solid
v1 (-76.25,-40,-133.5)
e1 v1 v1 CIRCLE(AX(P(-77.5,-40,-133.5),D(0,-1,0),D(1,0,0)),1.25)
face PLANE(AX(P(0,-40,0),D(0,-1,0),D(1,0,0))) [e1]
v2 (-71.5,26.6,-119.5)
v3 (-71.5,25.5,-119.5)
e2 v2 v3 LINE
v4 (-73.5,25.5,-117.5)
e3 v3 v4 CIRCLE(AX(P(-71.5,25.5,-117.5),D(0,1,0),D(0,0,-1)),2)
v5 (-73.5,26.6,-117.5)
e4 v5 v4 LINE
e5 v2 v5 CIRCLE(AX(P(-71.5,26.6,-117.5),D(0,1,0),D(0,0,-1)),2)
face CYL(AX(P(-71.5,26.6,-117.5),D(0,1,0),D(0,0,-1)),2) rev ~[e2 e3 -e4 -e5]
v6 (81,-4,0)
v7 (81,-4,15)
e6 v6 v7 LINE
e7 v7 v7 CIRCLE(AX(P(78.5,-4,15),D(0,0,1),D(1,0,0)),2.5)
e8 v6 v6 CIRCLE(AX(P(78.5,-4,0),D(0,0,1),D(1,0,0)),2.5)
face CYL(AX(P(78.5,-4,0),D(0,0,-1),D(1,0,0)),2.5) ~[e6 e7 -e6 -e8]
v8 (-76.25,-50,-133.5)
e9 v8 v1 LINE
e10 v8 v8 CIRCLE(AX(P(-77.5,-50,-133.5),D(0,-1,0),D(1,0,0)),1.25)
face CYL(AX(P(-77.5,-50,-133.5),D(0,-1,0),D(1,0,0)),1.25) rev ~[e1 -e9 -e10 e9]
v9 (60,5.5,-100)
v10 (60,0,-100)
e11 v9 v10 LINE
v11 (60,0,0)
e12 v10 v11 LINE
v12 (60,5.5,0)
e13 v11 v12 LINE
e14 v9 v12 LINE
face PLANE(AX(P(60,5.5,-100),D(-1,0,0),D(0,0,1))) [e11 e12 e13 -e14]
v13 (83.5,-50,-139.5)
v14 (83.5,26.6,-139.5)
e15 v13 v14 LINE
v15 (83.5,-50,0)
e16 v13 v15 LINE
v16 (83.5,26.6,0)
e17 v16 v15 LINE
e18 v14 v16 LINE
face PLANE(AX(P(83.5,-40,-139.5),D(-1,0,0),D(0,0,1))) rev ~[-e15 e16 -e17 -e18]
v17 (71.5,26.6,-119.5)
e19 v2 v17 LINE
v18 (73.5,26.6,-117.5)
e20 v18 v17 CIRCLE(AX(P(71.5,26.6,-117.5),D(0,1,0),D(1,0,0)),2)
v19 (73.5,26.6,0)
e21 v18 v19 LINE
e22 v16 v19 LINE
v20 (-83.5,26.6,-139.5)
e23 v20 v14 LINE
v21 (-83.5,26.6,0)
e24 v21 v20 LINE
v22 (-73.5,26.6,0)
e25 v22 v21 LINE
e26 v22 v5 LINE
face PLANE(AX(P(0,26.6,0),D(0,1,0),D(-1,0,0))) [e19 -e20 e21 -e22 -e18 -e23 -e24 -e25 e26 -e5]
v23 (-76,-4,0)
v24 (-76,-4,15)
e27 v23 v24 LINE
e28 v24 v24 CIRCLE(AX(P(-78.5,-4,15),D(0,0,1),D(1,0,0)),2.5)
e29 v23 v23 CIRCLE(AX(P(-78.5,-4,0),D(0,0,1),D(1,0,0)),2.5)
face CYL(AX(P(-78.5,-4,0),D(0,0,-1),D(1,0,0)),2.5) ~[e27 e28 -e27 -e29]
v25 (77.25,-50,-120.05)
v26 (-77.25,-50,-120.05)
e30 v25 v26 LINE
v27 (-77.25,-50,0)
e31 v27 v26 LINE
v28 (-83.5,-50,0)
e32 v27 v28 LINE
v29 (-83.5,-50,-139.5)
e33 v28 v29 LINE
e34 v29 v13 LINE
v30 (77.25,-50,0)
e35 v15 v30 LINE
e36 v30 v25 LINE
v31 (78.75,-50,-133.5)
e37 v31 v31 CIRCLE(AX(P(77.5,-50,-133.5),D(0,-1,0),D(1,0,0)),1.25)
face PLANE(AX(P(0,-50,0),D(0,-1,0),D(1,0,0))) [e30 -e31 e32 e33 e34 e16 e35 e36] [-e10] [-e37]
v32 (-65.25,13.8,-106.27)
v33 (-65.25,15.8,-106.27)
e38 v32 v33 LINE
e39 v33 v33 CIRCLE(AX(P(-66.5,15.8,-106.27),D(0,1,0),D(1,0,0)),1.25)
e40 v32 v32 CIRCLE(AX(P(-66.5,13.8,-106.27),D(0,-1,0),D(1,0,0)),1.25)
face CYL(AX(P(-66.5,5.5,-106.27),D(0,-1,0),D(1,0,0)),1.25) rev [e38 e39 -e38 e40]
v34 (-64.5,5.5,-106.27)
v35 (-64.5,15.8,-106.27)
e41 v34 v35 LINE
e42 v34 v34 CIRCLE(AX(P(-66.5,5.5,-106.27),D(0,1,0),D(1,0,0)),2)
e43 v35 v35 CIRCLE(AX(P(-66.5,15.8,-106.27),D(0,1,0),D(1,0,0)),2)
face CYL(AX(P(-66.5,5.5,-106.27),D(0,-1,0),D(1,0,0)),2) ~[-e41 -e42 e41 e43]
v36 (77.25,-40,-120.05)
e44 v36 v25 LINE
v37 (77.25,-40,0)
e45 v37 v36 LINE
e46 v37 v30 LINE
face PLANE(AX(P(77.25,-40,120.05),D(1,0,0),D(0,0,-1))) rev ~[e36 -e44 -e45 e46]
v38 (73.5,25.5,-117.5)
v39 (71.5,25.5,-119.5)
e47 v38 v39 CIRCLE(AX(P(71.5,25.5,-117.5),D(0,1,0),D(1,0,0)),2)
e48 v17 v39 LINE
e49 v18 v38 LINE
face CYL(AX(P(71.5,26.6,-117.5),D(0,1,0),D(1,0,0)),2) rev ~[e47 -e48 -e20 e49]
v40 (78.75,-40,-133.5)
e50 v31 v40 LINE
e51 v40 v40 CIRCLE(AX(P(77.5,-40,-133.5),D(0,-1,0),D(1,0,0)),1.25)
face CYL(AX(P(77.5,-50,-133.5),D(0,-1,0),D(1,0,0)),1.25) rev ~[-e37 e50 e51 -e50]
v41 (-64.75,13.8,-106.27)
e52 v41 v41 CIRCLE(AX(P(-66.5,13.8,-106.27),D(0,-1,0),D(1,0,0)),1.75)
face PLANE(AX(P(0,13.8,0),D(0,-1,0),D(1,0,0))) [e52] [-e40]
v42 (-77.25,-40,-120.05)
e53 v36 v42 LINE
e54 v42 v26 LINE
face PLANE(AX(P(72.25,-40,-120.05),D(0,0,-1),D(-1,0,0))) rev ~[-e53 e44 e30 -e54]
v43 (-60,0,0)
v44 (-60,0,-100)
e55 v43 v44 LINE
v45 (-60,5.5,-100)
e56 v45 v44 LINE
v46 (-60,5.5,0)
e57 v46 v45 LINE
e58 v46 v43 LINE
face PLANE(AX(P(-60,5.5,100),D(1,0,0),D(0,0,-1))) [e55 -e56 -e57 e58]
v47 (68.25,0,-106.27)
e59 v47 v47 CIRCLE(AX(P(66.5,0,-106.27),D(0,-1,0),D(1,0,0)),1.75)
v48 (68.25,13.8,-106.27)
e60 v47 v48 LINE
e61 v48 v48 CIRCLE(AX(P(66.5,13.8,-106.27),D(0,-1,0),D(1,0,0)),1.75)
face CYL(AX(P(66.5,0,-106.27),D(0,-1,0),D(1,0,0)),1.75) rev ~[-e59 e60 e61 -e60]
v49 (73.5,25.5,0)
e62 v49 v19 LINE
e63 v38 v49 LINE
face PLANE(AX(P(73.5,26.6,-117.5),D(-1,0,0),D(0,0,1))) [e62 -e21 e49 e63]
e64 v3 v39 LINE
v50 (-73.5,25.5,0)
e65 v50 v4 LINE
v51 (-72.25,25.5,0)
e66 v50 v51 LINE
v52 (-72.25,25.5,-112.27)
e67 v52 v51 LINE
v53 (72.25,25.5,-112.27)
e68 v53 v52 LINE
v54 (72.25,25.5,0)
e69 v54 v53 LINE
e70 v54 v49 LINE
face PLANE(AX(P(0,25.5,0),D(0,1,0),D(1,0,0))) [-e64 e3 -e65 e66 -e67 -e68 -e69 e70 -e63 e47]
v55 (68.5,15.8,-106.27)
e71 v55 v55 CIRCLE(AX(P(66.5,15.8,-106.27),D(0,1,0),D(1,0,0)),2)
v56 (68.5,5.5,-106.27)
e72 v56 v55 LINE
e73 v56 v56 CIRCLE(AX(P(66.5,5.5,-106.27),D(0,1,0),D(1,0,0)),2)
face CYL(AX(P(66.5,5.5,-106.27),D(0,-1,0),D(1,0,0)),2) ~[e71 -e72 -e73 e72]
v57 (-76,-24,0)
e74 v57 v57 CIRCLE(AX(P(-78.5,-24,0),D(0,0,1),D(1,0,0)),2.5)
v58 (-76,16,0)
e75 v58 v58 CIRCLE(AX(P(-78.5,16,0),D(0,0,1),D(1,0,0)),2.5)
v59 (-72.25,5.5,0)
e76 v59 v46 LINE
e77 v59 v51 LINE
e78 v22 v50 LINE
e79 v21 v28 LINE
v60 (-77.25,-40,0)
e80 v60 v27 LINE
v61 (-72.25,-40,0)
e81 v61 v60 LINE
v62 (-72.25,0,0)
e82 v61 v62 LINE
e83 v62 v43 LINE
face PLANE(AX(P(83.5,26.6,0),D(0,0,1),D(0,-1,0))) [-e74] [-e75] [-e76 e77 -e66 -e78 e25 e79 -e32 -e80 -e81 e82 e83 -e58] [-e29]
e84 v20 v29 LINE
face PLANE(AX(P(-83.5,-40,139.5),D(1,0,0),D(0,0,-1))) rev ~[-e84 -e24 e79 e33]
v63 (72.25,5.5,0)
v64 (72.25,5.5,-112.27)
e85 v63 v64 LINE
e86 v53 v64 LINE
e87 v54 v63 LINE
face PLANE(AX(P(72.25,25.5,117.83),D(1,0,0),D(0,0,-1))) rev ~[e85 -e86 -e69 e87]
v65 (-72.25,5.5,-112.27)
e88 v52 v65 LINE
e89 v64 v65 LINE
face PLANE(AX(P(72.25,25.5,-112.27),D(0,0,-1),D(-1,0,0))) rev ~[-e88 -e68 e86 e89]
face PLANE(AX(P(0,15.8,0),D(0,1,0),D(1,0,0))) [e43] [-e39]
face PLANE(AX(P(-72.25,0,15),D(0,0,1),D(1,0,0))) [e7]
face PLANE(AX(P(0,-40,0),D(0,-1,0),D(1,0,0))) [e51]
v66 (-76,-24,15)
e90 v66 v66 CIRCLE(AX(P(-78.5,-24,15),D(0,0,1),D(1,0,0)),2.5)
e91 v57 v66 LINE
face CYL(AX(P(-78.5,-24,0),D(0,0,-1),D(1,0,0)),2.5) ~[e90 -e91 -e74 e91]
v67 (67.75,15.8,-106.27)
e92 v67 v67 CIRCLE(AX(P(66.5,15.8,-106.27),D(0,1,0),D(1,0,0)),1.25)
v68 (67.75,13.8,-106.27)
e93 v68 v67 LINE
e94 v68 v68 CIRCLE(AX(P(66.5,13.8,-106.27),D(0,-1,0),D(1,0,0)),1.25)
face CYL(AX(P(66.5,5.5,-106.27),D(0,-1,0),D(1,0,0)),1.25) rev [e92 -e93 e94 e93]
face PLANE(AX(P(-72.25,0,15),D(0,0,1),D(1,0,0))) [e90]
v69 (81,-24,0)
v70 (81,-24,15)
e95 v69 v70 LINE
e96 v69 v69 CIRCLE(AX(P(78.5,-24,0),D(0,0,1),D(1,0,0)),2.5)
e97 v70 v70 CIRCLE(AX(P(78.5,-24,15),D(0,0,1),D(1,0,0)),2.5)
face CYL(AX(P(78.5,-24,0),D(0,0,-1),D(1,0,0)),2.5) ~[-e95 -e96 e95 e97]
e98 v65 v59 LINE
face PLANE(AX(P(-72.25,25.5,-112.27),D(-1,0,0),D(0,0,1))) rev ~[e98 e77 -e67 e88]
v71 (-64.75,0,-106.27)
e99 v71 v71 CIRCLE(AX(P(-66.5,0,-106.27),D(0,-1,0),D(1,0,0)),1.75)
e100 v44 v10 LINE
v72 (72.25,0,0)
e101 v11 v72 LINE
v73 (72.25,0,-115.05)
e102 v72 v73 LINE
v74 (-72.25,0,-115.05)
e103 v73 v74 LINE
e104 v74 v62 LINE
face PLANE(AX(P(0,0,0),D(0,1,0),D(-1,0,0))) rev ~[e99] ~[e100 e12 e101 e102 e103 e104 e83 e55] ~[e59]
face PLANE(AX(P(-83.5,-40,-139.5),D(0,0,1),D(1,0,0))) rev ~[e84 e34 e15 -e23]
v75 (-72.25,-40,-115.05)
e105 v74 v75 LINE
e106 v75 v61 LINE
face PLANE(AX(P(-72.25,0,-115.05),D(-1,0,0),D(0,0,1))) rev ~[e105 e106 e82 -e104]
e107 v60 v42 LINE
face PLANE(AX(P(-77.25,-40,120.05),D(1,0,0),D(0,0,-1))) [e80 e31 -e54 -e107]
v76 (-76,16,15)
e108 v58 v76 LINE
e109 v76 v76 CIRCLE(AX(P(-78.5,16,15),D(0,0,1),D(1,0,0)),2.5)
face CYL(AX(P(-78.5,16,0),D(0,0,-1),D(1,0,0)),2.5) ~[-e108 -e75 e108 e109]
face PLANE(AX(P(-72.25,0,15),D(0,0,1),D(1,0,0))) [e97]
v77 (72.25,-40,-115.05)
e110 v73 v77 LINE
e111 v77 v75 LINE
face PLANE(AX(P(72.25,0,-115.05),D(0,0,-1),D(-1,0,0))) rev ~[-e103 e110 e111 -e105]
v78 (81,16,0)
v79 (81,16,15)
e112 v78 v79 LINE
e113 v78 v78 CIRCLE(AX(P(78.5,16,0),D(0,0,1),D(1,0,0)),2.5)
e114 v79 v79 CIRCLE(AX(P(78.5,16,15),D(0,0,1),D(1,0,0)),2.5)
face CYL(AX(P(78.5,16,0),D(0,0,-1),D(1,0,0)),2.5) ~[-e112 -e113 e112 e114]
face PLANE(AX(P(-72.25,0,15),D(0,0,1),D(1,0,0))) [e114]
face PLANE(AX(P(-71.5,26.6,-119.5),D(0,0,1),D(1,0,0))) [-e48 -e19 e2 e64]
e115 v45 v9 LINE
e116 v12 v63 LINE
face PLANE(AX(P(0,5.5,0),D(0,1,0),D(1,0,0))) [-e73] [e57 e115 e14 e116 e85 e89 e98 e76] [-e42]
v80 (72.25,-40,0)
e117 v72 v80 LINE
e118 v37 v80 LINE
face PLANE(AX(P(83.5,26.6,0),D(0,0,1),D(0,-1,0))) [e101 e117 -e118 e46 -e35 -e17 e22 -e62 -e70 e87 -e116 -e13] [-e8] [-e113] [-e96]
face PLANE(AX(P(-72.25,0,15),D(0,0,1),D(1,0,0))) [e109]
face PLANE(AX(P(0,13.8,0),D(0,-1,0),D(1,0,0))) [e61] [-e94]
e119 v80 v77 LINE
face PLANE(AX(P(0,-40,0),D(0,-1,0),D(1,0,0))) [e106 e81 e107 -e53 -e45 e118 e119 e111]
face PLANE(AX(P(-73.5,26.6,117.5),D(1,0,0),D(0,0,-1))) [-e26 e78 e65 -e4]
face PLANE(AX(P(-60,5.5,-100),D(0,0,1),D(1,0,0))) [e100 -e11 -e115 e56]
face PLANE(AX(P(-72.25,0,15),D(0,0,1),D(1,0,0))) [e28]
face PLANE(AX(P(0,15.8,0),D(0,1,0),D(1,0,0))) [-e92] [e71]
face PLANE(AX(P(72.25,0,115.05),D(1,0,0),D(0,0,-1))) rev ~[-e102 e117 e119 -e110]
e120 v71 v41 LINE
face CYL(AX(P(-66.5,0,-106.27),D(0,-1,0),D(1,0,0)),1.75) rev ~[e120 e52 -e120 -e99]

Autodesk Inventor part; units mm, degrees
ref_plane "YZ Plane" through (0, 0, 0) normal (1, 0, 0) x (0, 1, 0)
ref_plane "XZ Plane" through (0, 0, 0) normal (0, 1, 0) x (-1, 0, 0)
ref_plane "XY Plane" through (0, 0, 0) normal (0, 0, 1) x (1, 0, 0)
sketch "Sketch1" plane through (0, 0, 0) normal (0, 1, 0) x (-1, 0, 0)
  line L0 (-83.5, 139.5) -> (83.5, 139.5)
  line L1 (83.5, 139.5) -> (83.5, -139.5)
  line L2 (83.5, -139.5) -> (-83.5, -139.5)
  line L3 (-83.5, -139.5) -> (-83.5, 139.5)
  line L4 (-83.5, 139.5) -> (83.5, -139.5) construction
  line L5 (83.5, 139.5) -> (-83.5, -139.5) construction
  point P0 (0, 0)
  dimension "d0" = 167
  dimension "d1" = 279
extrude "Extrusion1" add sketch "Sketch1" along normal blind 26.6
sketch "Sketch2" plane through (0, 26.6, 0) normal (0, 1, 0) x (1, 0, 0)
  line L0 (71.5, -119.5) -> (-71.5, -119.5)
  line L1 (-73.5, -117.5) -> (-73.5, 117.5)
  line L2 (-71.5, 119.5) -> (71.5, 119.5)
  line L3 (73.5, 117.5) -> (73.5, -117.5)
  line L4 (73.5, -119.5) -> (-73.5, 119.5) construction
  line L5 (-73.5, -119.5) -> (73.5, 119.5) construction
  arc A0 (-73.5, -117.5) -> (-71.5, -119.5) centre (-71.5, -117.5) ccw
  arc A1 (-71.5, 119.5) -> (-73.5, 117.5) centre (-71.5, 117.5) ccw
  arc A2 (73.5, 117.5) -> (71.5, 119.5) centre (71.5, 117.5) ccw
  arc A3 (71.5, -119.5) -> (73.5, -117.5) centre (71.5, -117.5) ccw
  point P0 (0, 0)
  dimension "d4" = 147
  dimension "d5" = 239
  dimension "d6" = 2
extrude "Extrusion2" cut sketch "Sketch2" against normal blind 1.1
sketch "Sketch3" plane through (0, 25.5, 0) normal (0, 1, 0) x (1, 0, 0)
  line L0 (-73.5, -117.5) -> (-73.5, 117.5) projected
  line L1 (71.5, -119.5) -> (-71.5, -119.5) projected
  line L2 (-72.25, -117.83) -> (72.25, -117.83)
  line L3 (72.25, -117.83) -> (72.25, 112.27)
  line L4 (72.25, 112.27) -> (-72.25, 112.27)
  line L5 (-72.25, 112.27) -> (-72.25, -117.83)
  point P0 (0, 0)
  dimension "d9" = 1.25
  dimension "d10" = 1.67
  dimension "d11" = 144.5
  dimension "d12" = 230.1
extrude "Extrusion3" cut sketch "Sketch3" against normal blind 20
sketch "Sketch4" plane through (0, 5.5, 0) normal (0, 1, 0) x (1, 0, 0)
  circle A0 centre (-66.5, -111.83) radius 2
  line L0 (72.25, -117.83) -> (-72.25, -117.83) projected
  line L1 (-72.25, -117.83) -> (-72.25, 112.27) projected
  circle A1 centre (66.5, -111.83) radius 2
  line L2 (72.25, 112.27) -> (72.25, -117.83) projected
  circle A2 centre (-66.5, 106.27) radius 2
  line L3 (-72.25, 112.27) -> (72.25, 112.27) projected
  circle A3 centre (66.5, 106.27) radius 2
  point P0 (0, 0)
  dimension "d15" = 4
  dimension "d16" = 6
  dimension "d17" = 5.75
  dimension "d18" = 4
  dimension "d19" = 6
  dimension "d20" = 5.75
  dimension "d21" = 4
  dimension "d22" = 5.75
  dimension "d23" = 6
  dimension "d24" = 4
  dimension "d25" = 6
  dimension "d26" = 5.75
extrude "Extrusion4" add sketch "Sketch4" along normal blind 10.3 contours A0 | A1 | A2 | A3
sketch "Sketch5" plane through (0, 5.5, 0) normal (0, 1, 0) x (1, 0, 0)
  circle A0 centre (-66.5, -111.83) radius 2 projected
  circle A1 centre (-66.5, -111.83) radius 1.25
  circle A2 centre (-66.5, 106.27) radius 2 projected
  circle A3 centre (-66.5, 106.27) radius 1.25
  circle A4 centre (66.5, 106.27) radius 2 projected
  circle A5 centre (66.5, 106.27) radius 1.25
  circle A6 centre (66.5, -111.83) radius 1.25
  point P0 (0, 0)
  dimension "d29" = 2.5
  dimension "d30" = 2.5
  dimension "d31" = 2.5
  dimension "d32" = 2.5
extrude "Extrusion5" cut sketch "Sketch5" along normal blind 10.3 and the other way blind 5.5 contours A1 | A3 | A5 | A6
sketch "Sketch8" plane through (0, 0, 0) normal (0, -1, 0) x (1, 0, 0)
  circle A0 centre (66.5, 111.83) radius 1.25 projected
  circle A1 centre (66.5, 111.83) radius 1.75
  circle A2 centre (66.5, -106.27) radius 1.25 projected
  circle A3 centre (66.5, -106.27) radius 1.75
  circle A4 centre (-66.5, -106.27) radius 1.25 projected
  circle A5 centre (-66.5, -106.27) radius 1.75
  circle A6 centre (-66.5, 111.83) radius 1.75
  point P0 (0, 0)
  dimension "d49" = 3.5
  dimension "d50" = 3.5
  dimension "d51" = 3.5
  dimension "d52" = 3.5
extrude "Extrusion8" cut sketch "Sketch8" against normal blind 13.8
sketch "Sketch9" plane through (0, 5.5, 0) normal (0, 1, 0) x (1, 0, 0)
  line L0 (60, -100) -> (-60, -100)
  line L1 (-60, -100) -> (-60, 100)
  line L2 (-60, 100) -> (60, 100)
  line L3 (60, 100) -> (60, -100)
  line L4 (60, -100) -> (-60, 100) construction
  line L5 (-60, -100) -> (60, 100) construction
  point P0 (0, 0)
  dimension "d55" = 120
  dimension "d56" = 200
extrude "Extrusion9" cut sketch "Sketch9" against normal blind 5.8
sketch "Sketch10" plane through (0, 0, 0) normal (0, -1, 0) x (1, 0, 0)
  line L0 (83.5, 139.5) -> (83.5, -139.5) projected
  line L1 (-83.5, -139.5) -> (-83.5, 139.5) projected
  line L2 (83.5, 139.5) -> (-83.5, 139.5)
  line L3 (-83.5, 139.5) -> (-83.5, -139.5)
  line L4 (-83.5, -139.5) -> (83.5, -139.5)
  line L5 (83.5, -139.5) -> (83.5, 139.5)
  line L6 (72.25, -115.05) -> (-72.25, -115.05)
  line L7 (-72.25, -115.05) -> (-72.25, 115.05)
  line L8 (-72.25, 115.05) -> (72.25, 115.05)
  line L9 (72.25, 115.05) -> (72.25, -115.05)
  line L10 (72.25, -115.05) -> (-72.25, 115.05) construction
  line L11 (-72.25, -115.05) -> (72.25, 115.05) construction
  line L12 (-83.5, -139.5) -> (83.5, -139.5)
  line L13 (83.5, -139.5) -> (83.5, 139.5)
  line L14 (83.5, 139.5) -> (-83.5, 139.5)
  line L15 (-83.5, 139.5) -> (-83.5, -139.5)
  point P0 (0, 0)
  point P1 (71.5, 119.5)
  dimension "d67" = 144.5
  dimension "d68" = 230.1
extrude "Extrusion10" add sketch "Sketch10" along normal blind 40
sketch "Sketch12" plane through (0, -40, 0) normal (0, -1, 0) x (1, 0, 0)
  line L0 (-72.25, -115.05) -> (-72.25, 115.05) projected
  line L1 (72.25, -115.05) -> (-72.25, -115.05) projected
  line L2 (-77.25, -120.05) -> (-72.25, -120.05)
  line L3 (-72.25, -120.05) -> (-72.25, 120.05)
  line L4 (-72.25, 120.05) -> (-77.25, 120.05)
  line L5 (-77.25, 120.05) -> (-77.25, -120.05)
  line L6 (72.25, 115.05) -> (72.25, -115.05) projected
  line L7 (77.25, -120.05) -> (72.25, -120.05)
  line L8 (72.25, -120.05) -> (72.25, 120.05)
  line L9 (72.25, 120.05) -> (77.25, 120.05)
  line L10 (77.25, 120.05) -> (77.25, -120.05)
  line L11 (72.25, 115.05) -> (-72.25, 115.05) projected
  line L12 (72.25, 120.05) -> (-72.25, 120.05)
  line L13 (-72.25, 120.05) -> (-72.25, 115.05)
  line L14 (-72.25, 115.05) -> (72.25, 115.05)
  line L15 (72.25, 115.05) -> (72.25, 120.05)
  line L16 (-83.5, 139.5) -> (-83.5, -139.5) projected
  line L17 (83.5, 139.5) -> (-83.5, 139.5) projected
  line L18 (-83.5, -139.5) -> (83.5, -139.5)
  line L19 (83.5, -139.5) -> (83.5, 139.5)
  line L20 (83.5, 139.5) -> (-83.5, 139.5)
  line L21 (-83.5, 139.5) -> (-83.5, -139.5)
  line L22 (-72.25, -115.05) -> (72.25, -115.05) projected
  line L23 (-72.25, -115.05) -> (72.25, -115.05)
  line L24 (72.25, -115.05) -> (72.25, -120.05)
  line L25 (72.25, -120.05) -> (-72.25, -120.05)
  line L26 (-72.25, -120.05) -> (-72.25, -115.05)
  point P0 (0, 0)
  dimension "d69" = 5
  dimension "d70" = 5
  dimension "d71" = 240.1
  dimension "d72" = 5
  dimension "d73" = 5
  dimension "d74" = 240.1
extrude "Extrusion11" add sketch "Sketch12" along normal blind 10
sketch "Sketch13" plane through (0, -50, 0) normal (0, -1, 0) x (1, 0, 0)
  circle A0 centre (-77.5, -133.5) radius 1.25
  line L0 (-83.5, 139.5) -> (-83.5, -139.5) projected
  line L1 (-83.5, -139.5) -> (83.5, -139.5) projected
  circle A1 centre (-77.5, 133.5) radius 1.25
  line L2 (83.5, 139.5) -> (-83.5, 139.5) projected
  circle A2 centre (77.5, 133.5) radius 1.25
  line L3 (83.5, -139.5) -> (83.5, 139.5) projected
  circle A3 centre (77.5, -133.5) radius 1.25
  point P0 (0, 0)
  dimension "d77" = 2.5
  dimension "d78" = 6
  dimension "d79" = 6
  dimension "d80" = 2.5
  dimension "d81" = 6
  dimension "d82" = 6
  dimension "d83" = 2.5
  dimension "d84" = 6
  dimension "d85" = 6
  dimension "d86" = 6
  dimension "d87" = 6
extrude "Extrusion12" cut sketch "Sketch13" against normal blind 10 contours A0 | A1 | A2 | A3
sketch "Sketch14" plane through (83.5, 26.6, 139.5) normal (1, 0, 0) x (0, 0, -1)
  line L0 (0, 0) -> (279, 0) projected
  line L1 (139.5, 0) -> (139.5, -76.6)
  line L2 (259.55, -76.6) -> (19.45, -76.6) projected
  point P0 (139.5, -26.6)
split_face "Split1"
sketch "Sketch16" plane through (83.5, -50, 0) normal (1, 0, 0) x (0, 0, -1)
  line L0 (-139.5, 0) -> (-139.5, 76.6) projected
  line L1 (-139.5, 76.6) -> (0, 76.6)
  line L2 (0, 76.6) -> (0, 0)
  line L3 (0, 0) -> (-139.5, 0)
  line L4 (-139.5, 0) -> (-139.5, 76.6)
  point P0 (0, 50)
extrude "Extrusion13" cut sketch "Sketch16" against normal blind 167.1625
sketch "Sketch17" plane through (-72.25, 0, 0) normal (0, 0, 1) x (1, 0, 0)
  circle A0 centre (-6.25, 16) radius 2.5
  circle A1 centre (-6.25, -4) radius 2.5
  circle A2 centre (-6.25, -24) radius 2.5
  line L0 (155.75, 26.6) -> (145.75, 26.6) projected
  circle A3 centre (150.75, 16) radius 2.5
  circle A4 centre (150.75, -4) radius 2.5
  circle A5 centre (150.75, -24) radius 2.5
  point P0 (72.25, 0)
  dimension "d92" = 5
  dimension "d95" = 5
  dimension "d97" = 5
  dimension "d99" = 5
extrude "Extrusion14" add sketch "Sketch17" along normal blind 15
properties part number "Enclosure"
